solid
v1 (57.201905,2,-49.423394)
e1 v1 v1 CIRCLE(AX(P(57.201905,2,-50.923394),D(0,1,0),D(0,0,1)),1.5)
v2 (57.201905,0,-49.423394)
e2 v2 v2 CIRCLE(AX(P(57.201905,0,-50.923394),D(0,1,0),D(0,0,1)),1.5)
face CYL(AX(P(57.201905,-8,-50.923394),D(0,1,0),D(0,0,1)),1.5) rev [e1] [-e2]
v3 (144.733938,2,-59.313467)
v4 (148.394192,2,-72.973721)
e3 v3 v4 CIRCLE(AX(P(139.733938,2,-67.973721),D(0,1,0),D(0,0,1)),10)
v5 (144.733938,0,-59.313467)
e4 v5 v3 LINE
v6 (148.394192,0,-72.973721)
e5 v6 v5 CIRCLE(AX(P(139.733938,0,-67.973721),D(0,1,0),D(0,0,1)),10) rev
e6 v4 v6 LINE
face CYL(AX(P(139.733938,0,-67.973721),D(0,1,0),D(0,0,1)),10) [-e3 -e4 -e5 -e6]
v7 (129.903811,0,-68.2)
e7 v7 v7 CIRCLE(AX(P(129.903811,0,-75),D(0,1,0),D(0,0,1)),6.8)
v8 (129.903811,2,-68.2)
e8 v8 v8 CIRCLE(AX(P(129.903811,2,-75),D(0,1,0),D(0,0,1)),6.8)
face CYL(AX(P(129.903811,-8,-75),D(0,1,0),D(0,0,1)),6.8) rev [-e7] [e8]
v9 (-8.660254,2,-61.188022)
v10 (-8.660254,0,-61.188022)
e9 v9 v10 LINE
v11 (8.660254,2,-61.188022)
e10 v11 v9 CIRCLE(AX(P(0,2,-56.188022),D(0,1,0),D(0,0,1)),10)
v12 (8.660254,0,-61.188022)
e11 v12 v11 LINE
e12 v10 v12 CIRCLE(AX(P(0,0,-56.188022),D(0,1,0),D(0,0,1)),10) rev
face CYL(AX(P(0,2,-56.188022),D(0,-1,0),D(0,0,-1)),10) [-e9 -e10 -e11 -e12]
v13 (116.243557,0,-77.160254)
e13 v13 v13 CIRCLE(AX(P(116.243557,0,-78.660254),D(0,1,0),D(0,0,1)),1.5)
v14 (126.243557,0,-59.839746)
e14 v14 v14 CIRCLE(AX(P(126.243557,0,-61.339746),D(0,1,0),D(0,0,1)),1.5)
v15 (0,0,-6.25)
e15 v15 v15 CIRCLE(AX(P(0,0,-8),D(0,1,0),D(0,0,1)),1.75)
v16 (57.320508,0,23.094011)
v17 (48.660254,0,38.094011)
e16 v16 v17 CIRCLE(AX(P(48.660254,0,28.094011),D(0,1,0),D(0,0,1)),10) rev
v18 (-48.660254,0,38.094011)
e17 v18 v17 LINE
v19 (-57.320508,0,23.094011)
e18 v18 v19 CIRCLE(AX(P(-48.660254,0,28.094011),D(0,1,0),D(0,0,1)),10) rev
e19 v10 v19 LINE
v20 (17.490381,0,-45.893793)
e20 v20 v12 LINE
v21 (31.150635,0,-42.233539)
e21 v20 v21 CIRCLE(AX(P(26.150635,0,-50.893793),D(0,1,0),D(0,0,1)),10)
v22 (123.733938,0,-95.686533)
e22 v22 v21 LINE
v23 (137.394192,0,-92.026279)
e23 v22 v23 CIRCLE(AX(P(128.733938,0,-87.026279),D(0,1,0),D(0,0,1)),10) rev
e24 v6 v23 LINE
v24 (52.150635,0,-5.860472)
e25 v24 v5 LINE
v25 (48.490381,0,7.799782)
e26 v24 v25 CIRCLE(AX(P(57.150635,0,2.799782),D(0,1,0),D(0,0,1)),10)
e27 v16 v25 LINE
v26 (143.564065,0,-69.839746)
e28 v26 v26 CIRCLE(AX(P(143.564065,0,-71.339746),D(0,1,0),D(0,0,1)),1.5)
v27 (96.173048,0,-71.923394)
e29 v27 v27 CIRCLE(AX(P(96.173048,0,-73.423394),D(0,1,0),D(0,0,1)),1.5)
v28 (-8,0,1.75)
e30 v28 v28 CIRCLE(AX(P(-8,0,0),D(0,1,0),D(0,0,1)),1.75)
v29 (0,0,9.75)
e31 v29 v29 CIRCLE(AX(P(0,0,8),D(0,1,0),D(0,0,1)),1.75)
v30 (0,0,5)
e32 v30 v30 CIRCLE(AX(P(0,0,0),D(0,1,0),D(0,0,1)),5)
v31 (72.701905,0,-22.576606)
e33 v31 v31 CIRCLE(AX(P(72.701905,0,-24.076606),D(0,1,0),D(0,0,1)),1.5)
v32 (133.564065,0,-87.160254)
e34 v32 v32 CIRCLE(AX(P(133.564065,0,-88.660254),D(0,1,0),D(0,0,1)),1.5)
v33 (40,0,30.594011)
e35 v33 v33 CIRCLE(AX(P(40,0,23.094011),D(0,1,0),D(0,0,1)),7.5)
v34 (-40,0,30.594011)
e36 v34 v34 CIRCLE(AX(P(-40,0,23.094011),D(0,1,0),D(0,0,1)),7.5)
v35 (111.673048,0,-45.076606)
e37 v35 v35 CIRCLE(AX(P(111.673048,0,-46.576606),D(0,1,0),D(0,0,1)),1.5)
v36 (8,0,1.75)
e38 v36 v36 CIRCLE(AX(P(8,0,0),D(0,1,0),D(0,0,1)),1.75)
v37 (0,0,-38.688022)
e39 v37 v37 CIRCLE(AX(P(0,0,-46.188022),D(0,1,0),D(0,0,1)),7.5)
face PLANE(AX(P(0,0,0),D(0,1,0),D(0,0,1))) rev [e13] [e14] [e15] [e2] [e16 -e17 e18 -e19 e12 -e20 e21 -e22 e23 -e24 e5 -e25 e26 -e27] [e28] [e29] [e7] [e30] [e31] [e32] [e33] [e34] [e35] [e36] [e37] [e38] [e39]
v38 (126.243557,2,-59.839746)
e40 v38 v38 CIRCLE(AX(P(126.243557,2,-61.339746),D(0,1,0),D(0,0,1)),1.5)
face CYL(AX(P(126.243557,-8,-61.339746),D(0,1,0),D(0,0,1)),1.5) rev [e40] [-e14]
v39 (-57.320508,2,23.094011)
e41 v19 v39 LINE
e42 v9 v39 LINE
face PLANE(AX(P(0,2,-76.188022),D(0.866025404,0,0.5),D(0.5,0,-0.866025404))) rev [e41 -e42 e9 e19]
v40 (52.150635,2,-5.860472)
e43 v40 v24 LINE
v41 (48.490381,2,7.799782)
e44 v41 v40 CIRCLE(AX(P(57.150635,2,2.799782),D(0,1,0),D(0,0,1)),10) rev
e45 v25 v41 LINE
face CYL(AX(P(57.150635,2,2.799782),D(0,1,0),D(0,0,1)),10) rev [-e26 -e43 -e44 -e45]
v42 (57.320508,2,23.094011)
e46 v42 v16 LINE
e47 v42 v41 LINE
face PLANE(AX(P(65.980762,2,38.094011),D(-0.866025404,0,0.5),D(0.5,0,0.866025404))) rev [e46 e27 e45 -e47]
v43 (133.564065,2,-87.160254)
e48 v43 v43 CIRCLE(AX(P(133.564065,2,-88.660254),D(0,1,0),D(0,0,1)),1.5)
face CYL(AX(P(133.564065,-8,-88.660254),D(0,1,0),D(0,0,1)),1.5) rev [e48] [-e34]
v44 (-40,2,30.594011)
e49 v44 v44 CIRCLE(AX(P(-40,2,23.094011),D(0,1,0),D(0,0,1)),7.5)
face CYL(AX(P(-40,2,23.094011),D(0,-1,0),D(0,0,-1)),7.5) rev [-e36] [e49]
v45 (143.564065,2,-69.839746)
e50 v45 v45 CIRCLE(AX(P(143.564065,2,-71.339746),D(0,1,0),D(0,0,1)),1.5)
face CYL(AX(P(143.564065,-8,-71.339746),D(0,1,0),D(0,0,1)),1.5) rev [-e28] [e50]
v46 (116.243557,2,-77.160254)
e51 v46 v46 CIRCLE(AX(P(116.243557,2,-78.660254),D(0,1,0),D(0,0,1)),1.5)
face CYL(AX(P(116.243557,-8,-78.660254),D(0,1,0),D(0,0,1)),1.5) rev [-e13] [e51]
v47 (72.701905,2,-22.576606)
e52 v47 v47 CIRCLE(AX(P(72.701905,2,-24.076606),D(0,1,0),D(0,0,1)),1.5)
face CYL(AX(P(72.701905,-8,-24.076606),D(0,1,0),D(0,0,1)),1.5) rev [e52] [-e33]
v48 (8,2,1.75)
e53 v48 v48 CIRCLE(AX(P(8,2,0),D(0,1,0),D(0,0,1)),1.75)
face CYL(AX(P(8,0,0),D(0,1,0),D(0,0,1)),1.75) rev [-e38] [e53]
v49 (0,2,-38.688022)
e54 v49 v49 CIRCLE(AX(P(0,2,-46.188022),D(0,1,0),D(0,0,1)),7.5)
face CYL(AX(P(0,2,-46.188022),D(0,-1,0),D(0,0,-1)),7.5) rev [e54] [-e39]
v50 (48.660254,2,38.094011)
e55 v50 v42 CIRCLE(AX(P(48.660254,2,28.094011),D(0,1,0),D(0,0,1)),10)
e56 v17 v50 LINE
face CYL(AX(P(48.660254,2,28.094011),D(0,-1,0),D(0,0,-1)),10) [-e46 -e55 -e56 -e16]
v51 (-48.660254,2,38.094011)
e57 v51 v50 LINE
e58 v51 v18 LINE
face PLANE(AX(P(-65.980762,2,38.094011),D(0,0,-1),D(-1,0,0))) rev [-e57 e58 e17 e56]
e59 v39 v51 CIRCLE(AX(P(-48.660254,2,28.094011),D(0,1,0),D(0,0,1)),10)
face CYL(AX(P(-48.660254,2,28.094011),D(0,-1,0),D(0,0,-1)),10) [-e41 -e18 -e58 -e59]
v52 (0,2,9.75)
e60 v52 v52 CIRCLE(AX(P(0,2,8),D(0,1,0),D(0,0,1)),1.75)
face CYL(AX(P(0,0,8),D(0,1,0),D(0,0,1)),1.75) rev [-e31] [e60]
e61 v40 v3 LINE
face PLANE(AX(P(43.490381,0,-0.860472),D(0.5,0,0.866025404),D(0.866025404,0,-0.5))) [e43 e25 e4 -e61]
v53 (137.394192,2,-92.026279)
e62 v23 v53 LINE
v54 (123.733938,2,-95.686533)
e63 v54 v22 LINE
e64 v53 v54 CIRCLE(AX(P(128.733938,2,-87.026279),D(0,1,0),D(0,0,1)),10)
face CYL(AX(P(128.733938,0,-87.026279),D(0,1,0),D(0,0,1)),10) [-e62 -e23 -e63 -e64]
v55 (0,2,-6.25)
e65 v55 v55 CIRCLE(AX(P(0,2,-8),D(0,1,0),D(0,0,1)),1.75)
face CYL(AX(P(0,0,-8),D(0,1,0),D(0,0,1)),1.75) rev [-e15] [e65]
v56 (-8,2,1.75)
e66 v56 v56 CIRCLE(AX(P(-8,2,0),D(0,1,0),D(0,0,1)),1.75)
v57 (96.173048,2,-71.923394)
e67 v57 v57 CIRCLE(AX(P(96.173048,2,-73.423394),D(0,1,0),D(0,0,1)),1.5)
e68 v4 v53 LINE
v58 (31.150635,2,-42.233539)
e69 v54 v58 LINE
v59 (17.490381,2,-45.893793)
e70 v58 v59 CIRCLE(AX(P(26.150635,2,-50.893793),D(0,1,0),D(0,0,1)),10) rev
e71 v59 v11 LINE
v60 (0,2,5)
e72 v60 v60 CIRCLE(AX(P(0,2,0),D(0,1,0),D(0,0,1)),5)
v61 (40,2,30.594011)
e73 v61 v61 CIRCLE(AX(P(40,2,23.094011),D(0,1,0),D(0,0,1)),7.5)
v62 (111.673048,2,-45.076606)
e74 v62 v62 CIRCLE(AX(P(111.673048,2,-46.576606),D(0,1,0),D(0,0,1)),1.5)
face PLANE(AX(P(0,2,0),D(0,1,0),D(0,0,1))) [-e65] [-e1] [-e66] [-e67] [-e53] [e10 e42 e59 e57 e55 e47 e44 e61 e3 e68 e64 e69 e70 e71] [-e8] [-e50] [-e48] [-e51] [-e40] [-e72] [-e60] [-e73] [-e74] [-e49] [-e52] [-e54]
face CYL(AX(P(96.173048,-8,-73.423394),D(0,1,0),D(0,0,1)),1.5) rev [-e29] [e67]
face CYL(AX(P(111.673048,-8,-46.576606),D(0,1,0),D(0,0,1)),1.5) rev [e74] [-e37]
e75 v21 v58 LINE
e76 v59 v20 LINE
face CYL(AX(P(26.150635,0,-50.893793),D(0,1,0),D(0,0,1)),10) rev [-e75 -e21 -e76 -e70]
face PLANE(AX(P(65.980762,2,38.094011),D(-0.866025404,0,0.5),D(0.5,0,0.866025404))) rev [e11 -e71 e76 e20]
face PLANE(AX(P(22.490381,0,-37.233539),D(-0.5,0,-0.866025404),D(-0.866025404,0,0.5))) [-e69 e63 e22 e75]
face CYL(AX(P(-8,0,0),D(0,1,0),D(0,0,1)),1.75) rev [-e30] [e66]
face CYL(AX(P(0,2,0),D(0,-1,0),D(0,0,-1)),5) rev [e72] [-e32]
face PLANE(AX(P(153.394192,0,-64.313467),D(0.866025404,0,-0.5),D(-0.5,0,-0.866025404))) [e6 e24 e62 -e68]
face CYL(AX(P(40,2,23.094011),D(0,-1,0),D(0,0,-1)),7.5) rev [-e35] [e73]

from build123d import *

# Parameters (mm, degrees)
SKETCH1_R           = 7.5
SKETCH1_R_2         = 5
BOSS_EXTRUDE1_DEPTH = 2
BOSS_EXTRUDE2_DEPTH = 2
FILLET1_R           = 10
SKETCH3_R           = 6.8
CUT_EXTRUDE1_DEPTH  = 10
SKETCH4_R           = 1.5
CUT_EXTRUDE2_DEPTH  = 10
SKETCH5_R           = 1.5
CUT_EXTRUDE3_DEPTH  = 10
SKETCH6_R           = 1.75
CUT_EXTRUDE4_DEPTH  = 179.433043373


with BuildPart() as part:
    # Sketch1 → Boss-Extrude1 (new body)
    with BuildSketch(Plane(origin=(0, 0, 0), x_dir=(1, 0, 0), z_dir=(0, 1, 0))):
        Polygon((0, 76.188021535), (-65.980762114, -38.094010768), (65.980762114, -38.094010768), align=None)
        with Locations(Location((0, 46.188021535, 0), (0, 0, 270))):
            Circle(SKETCH1_R, mode=Mode.SUBTRACT)
        with Locations(Location((-40, -23.094010768, 0), (0, 0, 270))):
            Circle(SKETCH1_R, mode=Mode.SUBTRACT)
        with Locations(Location((40, -23.094010768, 0), (0, 0, 270))):
            Circle(SKETCH1_R, mode=Mode.SUBTRACT)
        with Locations(Location((0, 0, 0), (0, 0, 270))):
            Circle(SKETCH1_R_2, mode=Mode.SUBTRACT)
    extrude(amount=BOSS_EXTRUDE1_DEPTH)

    # Sketch2 → Boss-Extrude2 (add)
    with BuildSketch(Plane(origin=(0, 2, 0), x_dir=(1, 0, 0), z_dir=(0, 1, 0))):
        Polygon((43.490381057, 0.860471904), (22.490381057, 37.233538863), (132.394191624, 100.686533479), (153.394191624, 64.313466521), align=None)
    extrude(amount=-BOSS_EXTRUDE2_DEPTH)

    # Fillet1
    fillet1_edges = [part.edges().sort_by_distance(p)[0] for p in [
        (153.394191624, 1, -64.313466521),
        (43.490381057, 1, -0.860471904),
        (22.490381057, 1, -37.233538863),
        (132.394191624, 1, -100.686533479),
        (65.980762114, 1, 38.094010768),
        (-65.980762114, 1, 38.094010768),
        (0, 1, -76.188021535),
    ]]
    fillet(fillet1_edges, radius=FILLET1_R)

    # Sketch3 → Cut-Extrude1 (cut)
    with BuildSketch(Plane(origin=(0, 2, 0), x_dir=(1, 0, 0), z_dir=(0, 1, 0))):
        with Locations(Location((129.903810568, 75, 0), (0, 0, 270))):
            Circle(SKETCH3_R)
    extrude(amount=-CUT_EXTRUDE1_DEPTH, mode=Mode.SUBTRACT)

    # Sketch4 → Cut-Extrude2 (cut)
    with BuildSketch(Plane(origin=(0, 2, 0), x_dir=(1, 0, 0), z_dir=(0, 1, 0))):
        with Locations(Location((133.564064606, 88.660254038, 0), (0, 0, 270))):
            Circle(SKETCH4_R)
        with Locations(Location((116.24355653, 78.660254038, 0), (0, 0, 270))):
            Circle(SKETCH4_R)
        with Locations(Location((126.24355653, 61.339745962, 0), (0, 0, 270))):
            Circle(SKETCH4_R)
        with Locations(Location((143.564064606, 71.339745962, 0), (0, 0, 270))):
            Circle(SKETCH4_R)
    extrude(amount=-CUT_EXTRUDE2_DEPTH, mode=Mode.SUBTRACT)

    # Sketch5 → Cut-Extrude3 (cut)
    with BuildSketch(Plane(origin=(0, 2, 0), x_dir=(1, 0, 0), z_dir=(0, 1, 0))):
        with Locations(Location((96.173048454, 73.423393759, 0), (0, 0, 270))):
            Circle(SKETCH5_R)
        with Locations(Location((57.201905284, 50.923393759, 0), (0, 0, 270))):
            Circle(SKETCH5_R)
        with Locations(Location((111.673048454, 46.576606241, 0), (0, 0, 270))):
            Circle(SKETCH5_R)
        with Locations(Location((72.701905284, 24.076606241, 0), (0, 0, 270))):
            Circle(SKETCH5_R)
    extrude(amount=-CUT_EXTRUDE3_DEPTH, mode=Mode.SUBTRACT)

    # Sketch6 → Cut-Extrude4 (cut, through all)
    with BuildSketch(Plane(origin=(0, 2, 0), x_dir=(1, 0, 0), z_dir=(0, 1, 0))):
        with Locations(Location((0, 8, 0), (0, 0, 270))):
            Circle(SKETCH6_R)
        with Locations(Location((8, 0, 0), (0, 0, 270))):
            Circle(SKETCH6_R)
        with Locations(Location((0, -8, 0), (0, 0, 270))):
            Circle(SKETCH6_R)
        with Locations(Location((-8, 0, 0), (0, 0, 270))):
            Circle(SKETCH6_R)
    extrude(amount=-CUT_EXTRUDE4_DEPTH, mode=Mode.SUBTRACT)


solid = part.part
